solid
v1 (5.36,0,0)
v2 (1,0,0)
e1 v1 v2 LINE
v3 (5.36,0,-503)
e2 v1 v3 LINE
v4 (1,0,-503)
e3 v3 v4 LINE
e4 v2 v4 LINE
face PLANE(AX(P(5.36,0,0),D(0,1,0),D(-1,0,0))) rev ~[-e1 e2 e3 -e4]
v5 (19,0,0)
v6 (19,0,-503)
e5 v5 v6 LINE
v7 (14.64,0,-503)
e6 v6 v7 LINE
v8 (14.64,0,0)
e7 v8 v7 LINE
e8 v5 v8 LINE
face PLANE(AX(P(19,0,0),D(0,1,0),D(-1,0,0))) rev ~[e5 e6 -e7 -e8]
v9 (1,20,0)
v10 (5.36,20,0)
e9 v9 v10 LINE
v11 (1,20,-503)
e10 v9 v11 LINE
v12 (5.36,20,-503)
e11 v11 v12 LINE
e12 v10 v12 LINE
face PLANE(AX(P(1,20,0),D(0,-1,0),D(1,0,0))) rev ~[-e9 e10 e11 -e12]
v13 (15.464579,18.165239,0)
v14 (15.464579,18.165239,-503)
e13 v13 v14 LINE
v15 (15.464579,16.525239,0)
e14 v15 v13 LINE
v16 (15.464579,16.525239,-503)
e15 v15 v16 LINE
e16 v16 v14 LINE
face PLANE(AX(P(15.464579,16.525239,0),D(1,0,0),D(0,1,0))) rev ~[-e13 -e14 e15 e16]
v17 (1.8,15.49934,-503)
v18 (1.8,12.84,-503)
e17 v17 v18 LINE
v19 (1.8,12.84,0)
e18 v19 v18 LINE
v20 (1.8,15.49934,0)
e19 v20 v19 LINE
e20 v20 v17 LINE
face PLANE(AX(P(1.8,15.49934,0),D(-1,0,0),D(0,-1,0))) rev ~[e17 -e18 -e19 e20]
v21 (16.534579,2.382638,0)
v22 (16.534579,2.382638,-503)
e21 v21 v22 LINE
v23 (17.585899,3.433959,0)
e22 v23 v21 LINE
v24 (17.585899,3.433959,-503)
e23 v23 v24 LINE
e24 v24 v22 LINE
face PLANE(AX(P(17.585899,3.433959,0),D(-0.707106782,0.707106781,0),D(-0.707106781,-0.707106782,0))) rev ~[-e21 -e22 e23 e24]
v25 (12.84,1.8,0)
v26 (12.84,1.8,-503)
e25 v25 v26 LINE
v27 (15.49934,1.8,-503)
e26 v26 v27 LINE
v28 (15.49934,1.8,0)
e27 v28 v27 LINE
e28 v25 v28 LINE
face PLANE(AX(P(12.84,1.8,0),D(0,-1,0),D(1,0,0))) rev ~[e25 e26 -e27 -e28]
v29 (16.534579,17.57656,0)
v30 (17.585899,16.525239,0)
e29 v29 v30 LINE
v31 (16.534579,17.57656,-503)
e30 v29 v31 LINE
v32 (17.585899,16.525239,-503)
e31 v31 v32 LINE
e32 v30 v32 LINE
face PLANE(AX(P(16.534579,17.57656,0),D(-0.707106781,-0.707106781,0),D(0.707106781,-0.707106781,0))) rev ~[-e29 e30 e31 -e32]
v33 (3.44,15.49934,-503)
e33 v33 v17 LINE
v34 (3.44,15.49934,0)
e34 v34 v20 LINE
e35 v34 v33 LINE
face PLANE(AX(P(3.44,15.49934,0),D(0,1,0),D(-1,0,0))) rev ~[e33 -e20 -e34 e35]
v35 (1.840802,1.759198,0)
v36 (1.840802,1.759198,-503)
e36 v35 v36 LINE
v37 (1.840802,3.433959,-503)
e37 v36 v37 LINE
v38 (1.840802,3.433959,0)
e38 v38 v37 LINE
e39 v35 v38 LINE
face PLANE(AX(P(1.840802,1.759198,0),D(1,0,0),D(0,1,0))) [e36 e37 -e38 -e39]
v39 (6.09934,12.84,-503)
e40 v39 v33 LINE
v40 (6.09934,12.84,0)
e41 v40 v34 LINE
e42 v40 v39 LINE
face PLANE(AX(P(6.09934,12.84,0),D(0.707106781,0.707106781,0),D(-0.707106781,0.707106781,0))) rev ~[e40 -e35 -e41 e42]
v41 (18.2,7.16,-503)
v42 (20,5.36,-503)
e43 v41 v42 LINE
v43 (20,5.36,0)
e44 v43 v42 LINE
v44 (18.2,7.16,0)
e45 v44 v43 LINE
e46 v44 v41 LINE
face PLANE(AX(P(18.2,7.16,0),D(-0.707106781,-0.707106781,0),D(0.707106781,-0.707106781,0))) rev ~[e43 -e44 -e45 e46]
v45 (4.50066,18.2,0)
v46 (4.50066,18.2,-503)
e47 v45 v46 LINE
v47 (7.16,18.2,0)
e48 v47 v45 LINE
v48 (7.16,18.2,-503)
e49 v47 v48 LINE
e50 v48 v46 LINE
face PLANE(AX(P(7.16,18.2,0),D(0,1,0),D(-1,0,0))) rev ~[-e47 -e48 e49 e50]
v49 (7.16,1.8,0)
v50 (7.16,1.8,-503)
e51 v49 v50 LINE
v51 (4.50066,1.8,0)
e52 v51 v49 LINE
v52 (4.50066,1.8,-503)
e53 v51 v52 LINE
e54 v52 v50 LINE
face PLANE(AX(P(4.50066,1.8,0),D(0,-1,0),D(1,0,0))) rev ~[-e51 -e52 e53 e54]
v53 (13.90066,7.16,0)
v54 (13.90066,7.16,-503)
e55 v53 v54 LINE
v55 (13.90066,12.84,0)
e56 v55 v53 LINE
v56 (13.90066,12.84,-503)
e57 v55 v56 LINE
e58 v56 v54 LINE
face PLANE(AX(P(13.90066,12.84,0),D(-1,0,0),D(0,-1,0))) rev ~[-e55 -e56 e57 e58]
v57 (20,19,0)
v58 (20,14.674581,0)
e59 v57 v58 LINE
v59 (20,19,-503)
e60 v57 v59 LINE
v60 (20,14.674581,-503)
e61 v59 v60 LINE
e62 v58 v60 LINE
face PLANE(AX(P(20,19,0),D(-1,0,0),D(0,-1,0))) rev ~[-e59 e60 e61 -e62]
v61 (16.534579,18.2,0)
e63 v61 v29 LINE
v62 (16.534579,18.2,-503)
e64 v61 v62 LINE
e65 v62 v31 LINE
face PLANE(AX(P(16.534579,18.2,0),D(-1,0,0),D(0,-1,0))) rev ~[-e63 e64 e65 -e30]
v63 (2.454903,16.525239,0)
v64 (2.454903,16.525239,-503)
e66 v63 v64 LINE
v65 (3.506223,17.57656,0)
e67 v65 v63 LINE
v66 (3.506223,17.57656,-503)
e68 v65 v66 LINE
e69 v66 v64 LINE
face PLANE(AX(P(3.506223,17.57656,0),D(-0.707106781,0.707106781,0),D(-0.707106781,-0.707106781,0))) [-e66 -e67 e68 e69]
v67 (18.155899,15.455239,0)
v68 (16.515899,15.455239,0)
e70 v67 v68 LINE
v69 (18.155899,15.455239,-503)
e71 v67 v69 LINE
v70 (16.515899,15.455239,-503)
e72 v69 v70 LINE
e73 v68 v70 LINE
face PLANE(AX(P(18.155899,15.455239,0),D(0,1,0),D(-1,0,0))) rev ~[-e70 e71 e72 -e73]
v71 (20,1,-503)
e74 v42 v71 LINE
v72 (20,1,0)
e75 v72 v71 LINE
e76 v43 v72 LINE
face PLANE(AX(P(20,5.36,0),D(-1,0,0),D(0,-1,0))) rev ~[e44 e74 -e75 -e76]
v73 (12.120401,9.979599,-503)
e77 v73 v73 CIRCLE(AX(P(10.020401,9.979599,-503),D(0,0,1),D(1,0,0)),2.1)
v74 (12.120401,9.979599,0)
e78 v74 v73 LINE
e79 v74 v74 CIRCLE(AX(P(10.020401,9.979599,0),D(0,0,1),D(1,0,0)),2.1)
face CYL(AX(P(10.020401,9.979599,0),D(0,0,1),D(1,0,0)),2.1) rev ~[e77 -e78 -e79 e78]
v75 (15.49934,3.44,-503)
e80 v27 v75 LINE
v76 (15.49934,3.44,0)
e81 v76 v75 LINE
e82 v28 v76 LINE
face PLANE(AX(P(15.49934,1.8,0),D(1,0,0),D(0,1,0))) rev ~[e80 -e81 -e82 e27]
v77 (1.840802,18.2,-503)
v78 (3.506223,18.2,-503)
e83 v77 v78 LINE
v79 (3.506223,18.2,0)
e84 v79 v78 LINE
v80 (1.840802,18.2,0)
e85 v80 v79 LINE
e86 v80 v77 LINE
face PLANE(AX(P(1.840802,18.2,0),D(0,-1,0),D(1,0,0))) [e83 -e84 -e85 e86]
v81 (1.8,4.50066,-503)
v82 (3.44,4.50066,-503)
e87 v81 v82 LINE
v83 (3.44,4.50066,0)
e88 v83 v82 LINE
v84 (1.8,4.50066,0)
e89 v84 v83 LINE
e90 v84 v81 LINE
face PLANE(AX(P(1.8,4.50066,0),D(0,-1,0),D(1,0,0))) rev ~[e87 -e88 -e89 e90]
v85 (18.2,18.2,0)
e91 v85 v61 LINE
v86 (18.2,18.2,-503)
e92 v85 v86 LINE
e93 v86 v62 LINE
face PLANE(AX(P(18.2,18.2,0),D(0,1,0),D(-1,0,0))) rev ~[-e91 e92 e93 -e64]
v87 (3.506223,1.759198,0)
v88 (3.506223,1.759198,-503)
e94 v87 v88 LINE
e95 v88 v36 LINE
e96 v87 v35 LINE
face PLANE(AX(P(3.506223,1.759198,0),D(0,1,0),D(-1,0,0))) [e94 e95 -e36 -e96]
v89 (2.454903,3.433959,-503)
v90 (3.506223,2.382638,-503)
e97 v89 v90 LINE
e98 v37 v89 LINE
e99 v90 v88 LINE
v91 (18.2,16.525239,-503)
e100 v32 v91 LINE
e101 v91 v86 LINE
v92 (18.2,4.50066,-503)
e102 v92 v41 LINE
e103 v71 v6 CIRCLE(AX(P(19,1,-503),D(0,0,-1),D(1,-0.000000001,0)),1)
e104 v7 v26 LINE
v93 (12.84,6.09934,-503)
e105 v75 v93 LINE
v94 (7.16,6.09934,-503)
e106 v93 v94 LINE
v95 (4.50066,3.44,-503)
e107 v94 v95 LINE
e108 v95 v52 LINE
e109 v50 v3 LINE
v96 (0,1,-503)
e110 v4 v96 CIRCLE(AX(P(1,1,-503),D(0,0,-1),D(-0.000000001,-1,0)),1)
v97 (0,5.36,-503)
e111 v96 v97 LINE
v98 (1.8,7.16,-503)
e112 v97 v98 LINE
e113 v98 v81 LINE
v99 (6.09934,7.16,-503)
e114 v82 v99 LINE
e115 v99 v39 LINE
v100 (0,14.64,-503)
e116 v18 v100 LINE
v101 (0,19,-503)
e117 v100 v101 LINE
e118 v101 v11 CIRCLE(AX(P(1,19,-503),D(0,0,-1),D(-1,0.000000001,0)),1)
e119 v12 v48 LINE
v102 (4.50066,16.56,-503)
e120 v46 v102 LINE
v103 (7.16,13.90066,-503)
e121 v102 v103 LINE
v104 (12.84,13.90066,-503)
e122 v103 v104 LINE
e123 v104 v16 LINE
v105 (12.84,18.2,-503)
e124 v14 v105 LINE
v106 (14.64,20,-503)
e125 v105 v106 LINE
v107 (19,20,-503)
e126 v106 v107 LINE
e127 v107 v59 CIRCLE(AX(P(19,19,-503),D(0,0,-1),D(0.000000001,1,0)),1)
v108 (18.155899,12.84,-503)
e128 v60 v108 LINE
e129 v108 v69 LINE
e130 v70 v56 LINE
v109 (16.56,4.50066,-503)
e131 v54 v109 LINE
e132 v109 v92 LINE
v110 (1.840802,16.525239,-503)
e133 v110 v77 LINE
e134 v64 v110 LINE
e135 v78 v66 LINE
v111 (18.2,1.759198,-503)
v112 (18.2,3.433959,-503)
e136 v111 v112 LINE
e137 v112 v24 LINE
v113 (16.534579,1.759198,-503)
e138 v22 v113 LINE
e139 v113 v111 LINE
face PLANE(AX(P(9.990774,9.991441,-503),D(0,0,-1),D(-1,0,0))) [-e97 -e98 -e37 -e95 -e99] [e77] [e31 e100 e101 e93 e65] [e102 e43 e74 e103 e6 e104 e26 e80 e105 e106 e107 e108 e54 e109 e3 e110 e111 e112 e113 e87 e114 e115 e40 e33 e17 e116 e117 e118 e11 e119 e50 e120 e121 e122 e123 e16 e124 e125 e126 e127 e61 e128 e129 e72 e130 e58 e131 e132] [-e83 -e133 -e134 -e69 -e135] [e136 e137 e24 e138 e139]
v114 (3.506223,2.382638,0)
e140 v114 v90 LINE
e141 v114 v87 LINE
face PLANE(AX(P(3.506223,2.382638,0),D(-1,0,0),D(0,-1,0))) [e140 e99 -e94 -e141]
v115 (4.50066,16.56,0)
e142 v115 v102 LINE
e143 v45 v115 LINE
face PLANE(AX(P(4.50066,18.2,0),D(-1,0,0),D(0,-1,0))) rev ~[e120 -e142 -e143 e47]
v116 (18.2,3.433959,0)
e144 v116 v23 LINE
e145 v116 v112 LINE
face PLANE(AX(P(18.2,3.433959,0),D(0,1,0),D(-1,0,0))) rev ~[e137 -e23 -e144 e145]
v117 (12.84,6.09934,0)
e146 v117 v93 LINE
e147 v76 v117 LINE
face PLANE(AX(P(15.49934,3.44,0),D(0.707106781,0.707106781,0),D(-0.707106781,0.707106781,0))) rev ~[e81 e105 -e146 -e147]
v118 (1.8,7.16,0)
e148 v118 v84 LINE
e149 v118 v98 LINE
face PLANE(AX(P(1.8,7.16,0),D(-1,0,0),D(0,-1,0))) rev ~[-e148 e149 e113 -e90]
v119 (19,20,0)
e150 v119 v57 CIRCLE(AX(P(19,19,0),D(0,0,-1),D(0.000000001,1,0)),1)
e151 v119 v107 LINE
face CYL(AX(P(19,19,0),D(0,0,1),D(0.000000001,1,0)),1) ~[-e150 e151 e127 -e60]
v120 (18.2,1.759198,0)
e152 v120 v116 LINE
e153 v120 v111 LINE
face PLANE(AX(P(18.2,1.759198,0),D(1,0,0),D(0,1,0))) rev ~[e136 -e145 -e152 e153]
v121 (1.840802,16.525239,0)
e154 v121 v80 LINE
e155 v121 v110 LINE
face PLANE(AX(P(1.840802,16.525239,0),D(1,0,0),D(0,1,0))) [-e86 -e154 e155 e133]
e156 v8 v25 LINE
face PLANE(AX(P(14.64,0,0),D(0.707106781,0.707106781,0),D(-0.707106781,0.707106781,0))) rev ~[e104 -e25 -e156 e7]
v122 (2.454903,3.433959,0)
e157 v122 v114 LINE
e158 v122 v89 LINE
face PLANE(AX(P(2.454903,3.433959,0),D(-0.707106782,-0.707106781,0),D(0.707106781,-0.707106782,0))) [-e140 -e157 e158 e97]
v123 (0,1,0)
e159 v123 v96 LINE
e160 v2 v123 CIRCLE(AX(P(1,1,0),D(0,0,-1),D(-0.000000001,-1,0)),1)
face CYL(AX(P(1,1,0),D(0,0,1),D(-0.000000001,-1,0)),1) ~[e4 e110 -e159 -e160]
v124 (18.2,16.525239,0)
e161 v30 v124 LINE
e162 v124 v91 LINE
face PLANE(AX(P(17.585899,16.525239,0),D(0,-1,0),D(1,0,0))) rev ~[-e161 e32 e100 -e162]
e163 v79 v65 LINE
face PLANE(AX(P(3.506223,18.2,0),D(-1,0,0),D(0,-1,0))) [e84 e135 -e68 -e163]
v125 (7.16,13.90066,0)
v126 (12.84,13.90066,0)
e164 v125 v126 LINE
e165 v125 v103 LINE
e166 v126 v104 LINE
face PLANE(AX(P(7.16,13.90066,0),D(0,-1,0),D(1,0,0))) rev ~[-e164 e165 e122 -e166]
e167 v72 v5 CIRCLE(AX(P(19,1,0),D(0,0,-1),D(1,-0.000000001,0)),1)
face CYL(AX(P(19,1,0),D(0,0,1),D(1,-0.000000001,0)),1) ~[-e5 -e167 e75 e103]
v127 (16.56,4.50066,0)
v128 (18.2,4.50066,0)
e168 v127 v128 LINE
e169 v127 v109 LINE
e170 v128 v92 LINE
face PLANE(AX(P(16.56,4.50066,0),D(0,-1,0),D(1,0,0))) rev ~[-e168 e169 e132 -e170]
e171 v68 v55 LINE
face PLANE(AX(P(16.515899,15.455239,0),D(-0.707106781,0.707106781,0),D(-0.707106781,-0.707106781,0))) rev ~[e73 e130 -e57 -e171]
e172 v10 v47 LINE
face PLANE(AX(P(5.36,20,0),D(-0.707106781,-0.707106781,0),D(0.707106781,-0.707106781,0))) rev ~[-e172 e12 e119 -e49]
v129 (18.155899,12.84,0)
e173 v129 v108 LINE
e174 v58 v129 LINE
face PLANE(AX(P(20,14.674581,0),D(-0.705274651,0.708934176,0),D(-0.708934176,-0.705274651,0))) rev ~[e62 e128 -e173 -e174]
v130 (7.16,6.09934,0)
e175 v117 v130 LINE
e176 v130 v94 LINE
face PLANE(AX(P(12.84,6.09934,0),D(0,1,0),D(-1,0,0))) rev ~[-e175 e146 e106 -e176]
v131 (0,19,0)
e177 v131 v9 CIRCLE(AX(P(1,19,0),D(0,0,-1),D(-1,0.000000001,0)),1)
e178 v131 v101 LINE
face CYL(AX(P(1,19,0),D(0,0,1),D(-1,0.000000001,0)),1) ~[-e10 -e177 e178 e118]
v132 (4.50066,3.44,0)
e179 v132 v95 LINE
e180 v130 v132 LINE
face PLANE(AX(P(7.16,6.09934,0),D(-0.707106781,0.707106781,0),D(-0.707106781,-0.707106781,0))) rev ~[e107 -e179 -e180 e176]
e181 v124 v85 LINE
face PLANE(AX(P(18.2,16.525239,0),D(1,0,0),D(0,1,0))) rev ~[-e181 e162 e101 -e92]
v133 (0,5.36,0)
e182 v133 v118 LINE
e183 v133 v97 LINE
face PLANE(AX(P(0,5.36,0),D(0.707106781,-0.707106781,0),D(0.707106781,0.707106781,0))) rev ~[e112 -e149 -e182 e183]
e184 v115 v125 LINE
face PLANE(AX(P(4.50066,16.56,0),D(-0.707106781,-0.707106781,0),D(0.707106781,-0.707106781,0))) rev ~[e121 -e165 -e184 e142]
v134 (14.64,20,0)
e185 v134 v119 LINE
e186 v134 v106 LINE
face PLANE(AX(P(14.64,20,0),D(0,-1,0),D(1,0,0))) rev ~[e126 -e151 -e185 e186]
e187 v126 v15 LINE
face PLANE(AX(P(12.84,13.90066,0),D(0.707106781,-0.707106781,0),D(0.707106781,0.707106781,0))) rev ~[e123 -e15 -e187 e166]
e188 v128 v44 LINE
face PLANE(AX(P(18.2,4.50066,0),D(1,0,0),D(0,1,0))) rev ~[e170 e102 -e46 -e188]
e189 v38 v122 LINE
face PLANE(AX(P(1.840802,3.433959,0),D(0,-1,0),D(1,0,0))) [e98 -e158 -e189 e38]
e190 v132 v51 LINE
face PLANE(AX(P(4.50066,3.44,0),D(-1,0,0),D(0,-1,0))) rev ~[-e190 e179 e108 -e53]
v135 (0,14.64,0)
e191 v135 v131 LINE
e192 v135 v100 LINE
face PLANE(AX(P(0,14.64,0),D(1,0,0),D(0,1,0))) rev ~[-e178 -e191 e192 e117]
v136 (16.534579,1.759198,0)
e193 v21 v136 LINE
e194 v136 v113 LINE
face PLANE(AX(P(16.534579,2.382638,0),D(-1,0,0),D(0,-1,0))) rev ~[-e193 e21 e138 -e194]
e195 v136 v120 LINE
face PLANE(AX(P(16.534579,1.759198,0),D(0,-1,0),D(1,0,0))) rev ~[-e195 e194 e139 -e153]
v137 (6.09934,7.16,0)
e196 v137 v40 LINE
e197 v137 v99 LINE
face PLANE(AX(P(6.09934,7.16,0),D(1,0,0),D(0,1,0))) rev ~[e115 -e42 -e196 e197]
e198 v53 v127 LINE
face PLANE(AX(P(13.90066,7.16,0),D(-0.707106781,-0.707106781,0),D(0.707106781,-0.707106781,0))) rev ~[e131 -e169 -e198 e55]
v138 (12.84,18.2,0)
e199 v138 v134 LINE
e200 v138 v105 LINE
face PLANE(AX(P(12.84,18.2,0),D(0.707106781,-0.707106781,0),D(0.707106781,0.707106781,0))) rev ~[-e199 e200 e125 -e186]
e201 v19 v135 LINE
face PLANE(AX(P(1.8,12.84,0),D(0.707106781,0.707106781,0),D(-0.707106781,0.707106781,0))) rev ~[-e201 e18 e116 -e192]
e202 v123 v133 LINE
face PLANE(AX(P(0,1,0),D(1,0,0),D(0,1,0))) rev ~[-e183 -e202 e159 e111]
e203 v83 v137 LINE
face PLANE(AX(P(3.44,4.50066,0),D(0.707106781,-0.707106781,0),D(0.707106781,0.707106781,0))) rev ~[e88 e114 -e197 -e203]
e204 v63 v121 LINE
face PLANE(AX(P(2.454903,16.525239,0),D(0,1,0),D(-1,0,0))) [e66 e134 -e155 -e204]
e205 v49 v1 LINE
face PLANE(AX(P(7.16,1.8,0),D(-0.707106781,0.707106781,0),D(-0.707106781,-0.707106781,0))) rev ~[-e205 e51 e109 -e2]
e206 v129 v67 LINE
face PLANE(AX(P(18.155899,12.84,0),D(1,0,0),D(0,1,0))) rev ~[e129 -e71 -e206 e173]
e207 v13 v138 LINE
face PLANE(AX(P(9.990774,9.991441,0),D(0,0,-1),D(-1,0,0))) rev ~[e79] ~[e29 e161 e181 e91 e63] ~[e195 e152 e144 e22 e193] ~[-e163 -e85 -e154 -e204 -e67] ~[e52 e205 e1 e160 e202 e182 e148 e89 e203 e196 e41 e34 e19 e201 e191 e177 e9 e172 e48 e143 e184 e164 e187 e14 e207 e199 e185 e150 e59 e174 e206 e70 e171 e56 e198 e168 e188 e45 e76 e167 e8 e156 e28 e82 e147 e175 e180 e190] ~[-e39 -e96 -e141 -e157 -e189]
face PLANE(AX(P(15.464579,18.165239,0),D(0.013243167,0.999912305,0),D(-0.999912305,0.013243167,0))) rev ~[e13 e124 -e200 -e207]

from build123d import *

# Parameters (mm, degrees)
SKETCH1_R           = 2.1
BOSS_EXTRUDE1_DEPTH = 503


with BuildPart() as part:
    # Sketch1 → Boss-Extrude1 (new body)
    with BuildSketch(Plane.XY):
        with BuildLine():
            Line((0, 1), (0, 5.36))
            Line((0, 5.36), (1.8, 7.16))
            Line((1.8, 7.16), (1.8, 4.500660172))
            Line((1.8, 4.500660172), (3.44, 4.500660172))
            Line((3.44, 4.500660172), (6.099339828, 7.16))
            Line((6.099339828, 7.16), (6.099339828, 12.84))
            Line((6.099339828, 12.84), (3.44, 15.499339828))
            Line((3.44, 15.499339828), (1.8, 15.499339828))
            Line((1.8, 15.499339828), (1.8, 12.84))
            Line((1.8, 12.84), (0, 14.64))
            Line((0, 14.64), (0, 19))
            ThreePointArc((0, 19), (0.292893219, 19.707106781), (1, 20))
            Line((1, 20), (5.36, 20))
            Line((5.36, 20), (7.16, 18.2))
            Line((7.16, 18.2), (4.500660172, 18.2))
            Line((4.500660172, 18.2), (4.500660172, 16.56))
            Line((4.500660172, 16.56), (7.16, 13.900660172))
            Line((7.16, 13.900660172), (12.84, 13.900660172))
            Line((12.84, 13.900660172), (15.464579042, 16.525239214))
            Line((15.464579042, 16.525239214), (15.464579042, 18.165239214))
            Line((15.464579042, 18.165239214), (12.84, 18.2))
            Line((12.84, 18.2), (14.64, 20))
            Line((14.64, 20), (19, 20))
            ThreePointArc((19, 20), (19.707106781, 19.707106781), (20, 19))
            Line((20, 19), (20, 14.674581351))
            Line((20, 14.674581351), (18.155899385, 12.84))
            Line((18.155899385, 12.84), (18.155899385, 15.455239214))
            Line((18.155899385, 15.455239214), (16.515899385, 15.455239214))
            Line((16.515899385, 15.455239214), (13.900660172, 12.84))
            Line((13.900660172, 12.84), (13.900660172, 7.16))
            Line((13.900660172, 7.16), (16.56, 4.500660172))
            Line((16.56, 4.500660172), (18.2, 4.500660172))
            Line((18.2, 4.500660172), (18.2, 7.16))
            Line((18.2, 7.16), (20, 5.36))
            Line((20, 5.36), (20, 1))
            ThreePointArc((20, 1), (19.707106781, 0.292893219), (19, 0))
            Line((19, 0), (14.64, 0))
            Line((14.64, 0), (12.84, 1.8))
            Line((12.84, 1.8), (15.499339828, 1.8))
            Line((15.499339828, 1.8), (15.499339828, 3.44))
            Line((15.499339828, 3.44), (12.84, 6.099339828))
            Line((12.84, 6.099339828), (7.16, 6.099339828))
            Line((7.16, 6.099339828), (4.500660172, 3.44))
            Line((4.500660172, 3.44), (4.500660172, 1.8))
            Line((4.500660172, 1.8), (7.16, 1.8))
            Line((7.16, 1.8), (5.36, 0))
            Line((5.36, 0), (1, 0))
            ThreePointArc((1, 0), (0.292893219, 0.292893219), (0, 1))
        make_face()
        with Locations((10.02040103, 9.97959897)):
            Circle(SKETCH1_R, mode=Mode.SUBTRACT)
        Polygon((16.534579042, 18.2), (16.534579042, 17.576559557), (17.585899385, 16.525239214), (18.2, 16.525239214), (18.2, 18.2), align=None, mode=Mode.SUBTRACT)
        Polygon((18.2, 1.75919794), (18.2, 3.433958726), (17.585899385, 3.433958726), (16.534579042, 2.382638382), (16.534579042, 1.75919794), align=None, mode=Mode.SUBTRACT)
        Polygon((2.454902675, 16.525239214), (1.84080206, 16.525239214), (1.84080206, 18.2), (3.506223018, 18.2), (3.506223018, 17.576559557), align=None, mode=Mode.SUBTRACT)
        Polygon((3.506223018, 1.75919794), (1.84080206, 1.75919794), (1.84080206, 3.433958726), (2.454902675, 3.433958726), (3.506223018, 2.382638382), align=None, mode=Mode.SUBTRACT)
    extrude(amount=-BOSS_EXTRUDE1_DEPTH)


solid = part.part
